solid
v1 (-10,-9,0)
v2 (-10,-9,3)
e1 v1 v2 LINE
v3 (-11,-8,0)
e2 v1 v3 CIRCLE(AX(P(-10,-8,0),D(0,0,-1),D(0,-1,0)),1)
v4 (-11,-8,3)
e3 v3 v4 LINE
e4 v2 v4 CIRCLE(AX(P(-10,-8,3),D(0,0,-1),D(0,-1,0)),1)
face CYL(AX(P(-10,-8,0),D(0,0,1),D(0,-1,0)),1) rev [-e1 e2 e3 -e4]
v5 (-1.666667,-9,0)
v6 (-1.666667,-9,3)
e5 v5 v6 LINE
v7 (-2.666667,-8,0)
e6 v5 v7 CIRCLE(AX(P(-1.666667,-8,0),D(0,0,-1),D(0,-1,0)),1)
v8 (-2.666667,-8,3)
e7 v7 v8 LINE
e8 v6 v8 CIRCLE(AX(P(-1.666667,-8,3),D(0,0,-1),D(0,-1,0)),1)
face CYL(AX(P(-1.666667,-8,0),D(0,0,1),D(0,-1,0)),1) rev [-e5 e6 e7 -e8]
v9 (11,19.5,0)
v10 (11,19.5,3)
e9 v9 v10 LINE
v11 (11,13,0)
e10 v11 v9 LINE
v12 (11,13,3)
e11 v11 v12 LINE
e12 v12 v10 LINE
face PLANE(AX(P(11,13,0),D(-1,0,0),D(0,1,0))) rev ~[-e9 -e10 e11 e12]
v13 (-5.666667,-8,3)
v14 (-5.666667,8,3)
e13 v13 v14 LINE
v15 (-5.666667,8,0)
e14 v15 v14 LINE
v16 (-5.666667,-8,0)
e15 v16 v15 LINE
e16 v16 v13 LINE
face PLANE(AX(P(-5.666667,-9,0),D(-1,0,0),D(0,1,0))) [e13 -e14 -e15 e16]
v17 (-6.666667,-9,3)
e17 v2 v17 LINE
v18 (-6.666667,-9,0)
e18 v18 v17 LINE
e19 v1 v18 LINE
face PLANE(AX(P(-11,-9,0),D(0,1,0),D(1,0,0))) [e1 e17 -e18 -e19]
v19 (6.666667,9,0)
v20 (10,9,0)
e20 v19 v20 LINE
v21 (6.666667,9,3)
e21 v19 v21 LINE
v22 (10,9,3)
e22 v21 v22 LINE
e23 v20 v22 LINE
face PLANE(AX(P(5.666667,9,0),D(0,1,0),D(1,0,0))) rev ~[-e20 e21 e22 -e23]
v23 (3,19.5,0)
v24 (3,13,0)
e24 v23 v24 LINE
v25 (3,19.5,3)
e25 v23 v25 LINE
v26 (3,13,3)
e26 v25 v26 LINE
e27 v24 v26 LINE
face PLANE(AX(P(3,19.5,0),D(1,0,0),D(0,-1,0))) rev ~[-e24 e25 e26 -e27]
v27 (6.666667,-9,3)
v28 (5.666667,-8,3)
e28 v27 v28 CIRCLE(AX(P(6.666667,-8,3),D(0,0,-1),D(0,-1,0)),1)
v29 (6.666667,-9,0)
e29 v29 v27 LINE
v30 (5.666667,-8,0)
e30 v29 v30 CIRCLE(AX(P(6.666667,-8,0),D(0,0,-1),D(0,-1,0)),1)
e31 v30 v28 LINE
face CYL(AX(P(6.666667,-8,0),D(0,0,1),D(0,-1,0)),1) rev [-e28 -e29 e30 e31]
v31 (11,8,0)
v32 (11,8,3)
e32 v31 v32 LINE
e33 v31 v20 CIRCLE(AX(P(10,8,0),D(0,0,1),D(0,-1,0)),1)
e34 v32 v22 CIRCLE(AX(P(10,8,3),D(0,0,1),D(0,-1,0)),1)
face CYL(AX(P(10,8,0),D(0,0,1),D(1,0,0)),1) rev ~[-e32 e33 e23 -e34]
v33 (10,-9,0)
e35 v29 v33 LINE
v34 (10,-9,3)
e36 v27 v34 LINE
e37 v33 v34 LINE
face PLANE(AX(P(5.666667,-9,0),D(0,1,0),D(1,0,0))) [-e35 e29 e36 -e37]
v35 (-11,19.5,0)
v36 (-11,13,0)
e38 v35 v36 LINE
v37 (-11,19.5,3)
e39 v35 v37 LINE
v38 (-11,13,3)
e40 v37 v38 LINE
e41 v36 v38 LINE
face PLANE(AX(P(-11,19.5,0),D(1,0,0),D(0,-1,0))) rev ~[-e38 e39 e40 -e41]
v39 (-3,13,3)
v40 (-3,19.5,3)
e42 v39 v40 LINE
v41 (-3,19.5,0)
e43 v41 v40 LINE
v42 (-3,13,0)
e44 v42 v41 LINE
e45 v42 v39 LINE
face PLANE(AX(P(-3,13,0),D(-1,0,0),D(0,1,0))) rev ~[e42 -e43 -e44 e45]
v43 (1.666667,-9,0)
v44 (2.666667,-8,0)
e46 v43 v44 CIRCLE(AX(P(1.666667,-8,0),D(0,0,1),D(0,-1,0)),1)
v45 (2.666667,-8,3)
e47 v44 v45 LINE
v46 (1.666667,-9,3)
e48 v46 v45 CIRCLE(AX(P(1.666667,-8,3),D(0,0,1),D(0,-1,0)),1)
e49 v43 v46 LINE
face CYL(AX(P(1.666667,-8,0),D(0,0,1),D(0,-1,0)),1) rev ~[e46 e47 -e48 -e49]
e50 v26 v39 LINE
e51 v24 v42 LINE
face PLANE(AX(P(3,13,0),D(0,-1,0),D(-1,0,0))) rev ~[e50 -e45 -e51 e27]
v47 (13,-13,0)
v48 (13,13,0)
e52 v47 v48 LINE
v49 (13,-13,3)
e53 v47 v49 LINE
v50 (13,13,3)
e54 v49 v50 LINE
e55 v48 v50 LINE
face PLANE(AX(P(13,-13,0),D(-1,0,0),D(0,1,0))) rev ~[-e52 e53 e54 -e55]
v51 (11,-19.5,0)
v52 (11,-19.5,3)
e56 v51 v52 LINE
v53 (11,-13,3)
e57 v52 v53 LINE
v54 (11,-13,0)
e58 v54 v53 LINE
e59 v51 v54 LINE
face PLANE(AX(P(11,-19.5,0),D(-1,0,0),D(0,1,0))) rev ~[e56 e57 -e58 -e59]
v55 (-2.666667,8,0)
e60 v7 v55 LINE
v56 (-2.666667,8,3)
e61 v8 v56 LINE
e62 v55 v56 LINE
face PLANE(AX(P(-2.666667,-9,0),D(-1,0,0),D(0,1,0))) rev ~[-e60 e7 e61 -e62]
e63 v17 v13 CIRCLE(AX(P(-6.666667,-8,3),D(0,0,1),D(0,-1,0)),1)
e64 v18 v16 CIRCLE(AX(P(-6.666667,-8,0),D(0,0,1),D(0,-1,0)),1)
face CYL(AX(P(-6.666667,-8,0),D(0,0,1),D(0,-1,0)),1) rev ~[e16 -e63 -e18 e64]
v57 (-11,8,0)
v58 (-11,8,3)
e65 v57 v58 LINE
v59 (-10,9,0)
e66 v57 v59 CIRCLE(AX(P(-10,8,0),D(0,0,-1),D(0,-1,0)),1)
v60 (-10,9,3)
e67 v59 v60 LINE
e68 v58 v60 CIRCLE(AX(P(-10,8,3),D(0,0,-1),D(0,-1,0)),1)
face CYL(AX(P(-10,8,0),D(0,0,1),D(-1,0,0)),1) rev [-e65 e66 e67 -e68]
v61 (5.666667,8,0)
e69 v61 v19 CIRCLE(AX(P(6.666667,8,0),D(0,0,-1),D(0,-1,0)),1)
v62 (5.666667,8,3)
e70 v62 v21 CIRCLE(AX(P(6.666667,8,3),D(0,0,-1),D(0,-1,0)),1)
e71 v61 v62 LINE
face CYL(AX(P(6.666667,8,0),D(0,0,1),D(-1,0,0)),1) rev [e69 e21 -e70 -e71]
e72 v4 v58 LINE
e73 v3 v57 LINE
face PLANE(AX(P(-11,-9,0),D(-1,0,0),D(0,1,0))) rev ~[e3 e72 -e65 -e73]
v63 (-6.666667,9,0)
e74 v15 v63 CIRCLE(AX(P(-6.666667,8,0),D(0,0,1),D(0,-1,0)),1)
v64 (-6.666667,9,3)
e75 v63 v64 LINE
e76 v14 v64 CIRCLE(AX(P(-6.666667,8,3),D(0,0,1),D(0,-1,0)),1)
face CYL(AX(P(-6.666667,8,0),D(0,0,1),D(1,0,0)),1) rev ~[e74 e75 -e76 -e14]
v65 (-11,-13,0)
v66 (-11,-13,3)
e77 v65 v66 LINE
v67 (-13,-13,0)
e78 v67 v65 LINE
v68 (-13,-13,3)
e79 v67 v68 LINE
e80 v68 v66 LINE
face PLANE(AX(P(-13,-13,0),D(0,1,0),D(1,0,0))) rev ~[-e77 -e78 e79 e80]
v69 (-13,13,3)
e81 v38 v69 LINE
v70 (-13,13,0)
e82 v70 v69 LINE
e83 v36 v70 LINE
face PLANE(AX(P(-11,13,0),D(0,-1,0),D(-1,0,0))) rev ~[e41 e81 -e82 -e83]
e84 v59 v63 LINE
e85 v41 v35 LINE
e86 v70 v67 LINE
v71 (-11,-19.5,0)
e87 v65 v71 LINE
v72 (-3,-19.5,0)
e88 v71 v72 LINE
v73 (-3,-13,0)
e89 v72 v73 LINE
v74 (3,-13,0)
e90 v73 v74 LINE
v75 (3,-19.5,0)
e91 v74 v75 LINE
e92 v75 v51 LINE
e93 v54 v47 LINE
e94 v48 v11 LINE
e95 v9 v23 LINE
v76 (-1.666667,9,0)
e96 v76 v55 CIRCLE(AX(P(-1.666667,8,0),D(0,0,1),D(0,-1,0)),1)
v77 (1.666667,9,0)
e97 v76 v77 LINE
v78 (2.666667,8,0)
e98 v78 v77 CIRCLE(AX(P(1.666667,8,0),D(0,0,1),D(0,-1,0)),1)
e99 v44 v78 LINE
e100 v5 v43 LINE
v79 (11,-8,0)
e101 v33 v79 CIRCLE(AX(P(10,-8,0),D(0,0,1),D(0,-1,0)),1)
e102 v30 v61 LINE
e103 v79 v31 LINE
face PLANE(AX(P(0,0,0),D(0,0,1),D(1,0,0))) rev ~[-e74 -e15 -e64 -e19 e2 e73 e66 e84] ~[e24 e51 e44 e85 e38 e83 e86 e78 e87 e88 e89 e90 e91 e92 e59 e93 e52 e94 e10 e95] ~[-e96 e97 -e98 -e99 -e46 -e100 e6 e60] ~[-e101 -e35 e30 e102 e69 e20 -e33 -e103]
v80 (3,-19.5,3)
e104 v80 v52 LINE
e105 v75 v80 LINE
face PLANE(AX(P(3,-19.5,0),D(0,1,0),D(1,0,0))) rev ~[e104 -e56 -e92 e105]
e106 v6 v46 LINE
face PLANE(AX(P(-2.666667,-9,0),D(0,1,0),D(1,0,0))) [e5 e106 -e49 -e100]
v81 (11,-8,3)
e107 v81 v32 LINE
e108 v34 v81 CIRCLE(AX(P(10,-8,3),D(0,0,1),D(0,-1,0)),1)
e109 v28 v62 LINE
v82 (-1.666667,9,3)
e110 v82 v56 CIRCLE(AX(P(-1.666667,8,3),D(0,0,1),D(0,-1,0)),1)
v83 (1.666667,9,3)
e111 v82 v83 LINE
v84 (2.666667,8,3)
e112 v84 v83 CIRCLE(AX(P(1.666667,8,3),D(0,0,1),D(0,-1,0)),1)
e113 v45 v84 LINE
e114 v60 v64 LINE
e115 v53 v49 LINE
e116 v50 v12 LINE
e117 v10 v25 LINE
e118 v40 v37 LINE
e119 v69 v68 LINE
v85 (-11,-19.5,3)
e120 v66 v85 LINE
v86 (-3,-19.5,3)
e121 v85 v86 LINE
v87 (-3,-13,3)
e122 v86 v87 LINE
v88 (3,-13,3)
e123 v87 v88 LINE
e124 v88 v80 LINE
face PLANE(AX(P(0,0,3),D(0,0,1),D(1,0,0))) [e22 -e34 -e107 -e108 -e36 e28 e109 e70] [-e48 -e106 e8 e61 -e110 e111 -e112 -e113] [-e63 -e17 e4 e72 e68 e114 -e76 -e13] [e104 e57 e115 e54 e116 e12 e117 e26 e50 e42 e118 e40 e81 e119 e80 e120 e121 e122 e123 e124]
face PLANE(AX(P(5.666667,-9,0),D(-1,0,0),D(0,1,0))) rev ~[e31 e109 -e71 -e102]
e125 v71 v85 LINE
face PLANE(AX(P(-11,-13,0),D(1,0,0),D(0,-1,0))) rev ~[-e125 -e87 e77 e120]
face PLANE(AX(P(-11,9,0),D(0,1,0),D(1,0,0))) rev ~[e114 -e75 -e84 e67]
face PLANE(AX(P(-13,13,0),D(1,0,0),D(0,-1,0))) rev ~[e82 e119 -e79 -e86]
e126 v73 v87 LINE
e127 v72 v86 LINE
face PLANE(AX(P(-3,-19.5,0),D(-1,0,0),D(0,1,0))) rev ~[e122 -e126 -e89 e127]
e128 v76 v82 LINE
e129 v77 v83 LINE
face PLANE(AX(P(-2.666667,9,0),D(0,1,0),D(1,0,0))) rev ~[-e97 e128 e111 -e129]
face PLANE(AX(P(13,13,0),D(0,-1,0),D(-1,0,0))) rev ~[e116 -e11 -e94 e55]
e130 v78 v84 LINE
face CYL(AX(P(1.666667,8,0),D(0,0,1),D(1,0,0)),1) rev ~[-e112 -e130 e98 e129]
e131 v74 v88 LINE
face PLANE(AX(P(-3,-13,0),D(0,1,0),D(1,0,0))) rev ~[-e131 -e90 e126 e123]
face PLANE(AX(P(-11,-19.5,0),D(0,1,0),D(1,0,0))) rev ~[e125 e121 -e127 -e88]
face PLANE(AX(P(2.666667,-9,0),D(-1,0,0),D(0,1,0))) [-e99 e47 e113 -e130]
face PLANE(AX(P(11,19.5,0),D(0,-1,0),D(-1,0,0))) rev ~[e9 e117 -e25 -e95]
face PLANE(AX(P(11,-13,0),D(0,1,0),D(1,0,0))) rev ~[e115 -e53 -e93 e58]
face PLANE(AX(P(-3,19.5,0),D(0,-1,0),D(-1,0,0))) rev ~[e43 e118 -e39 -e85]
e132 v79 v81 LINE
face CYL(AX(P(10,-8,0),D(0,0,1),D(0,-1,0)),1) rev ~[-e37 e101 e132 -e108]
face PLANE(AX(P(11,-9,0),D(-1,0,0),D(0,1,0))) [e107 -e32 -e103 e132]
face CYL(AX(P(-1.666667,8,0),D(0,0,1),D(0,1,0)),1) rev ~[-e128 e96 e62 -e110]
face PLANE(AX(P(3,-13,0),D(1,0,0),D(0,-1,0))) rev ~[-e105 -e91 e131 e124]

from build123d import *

# Parameters (mm, degrees)
SKETCH_1_W      = 5.333333333
SKETCH_1_H      = 18
SKETCH_1_W_2    = 5.333333334
EXTRUDE_1_DEPTH = 3
FILLET_2_R      = 1


with BuildPart() as part:
    # 草图1 → 凸台-拉伸1 (new body)
    with BuildSketch(Plane.XY):
        Polygon((-11, 19.5), (-11, 13), (-13, 13), (-13, -13), (-11, -13), (-11, -19.5), (-3, -19.5), (-3, -13), (3, -13), (3, -19.5), (11, -19.5), (11, -13), (13, -13), (13, 13), (11, 13), (11, 19.5), (3, 19.5), (3, 13), (-3, 13), (-3, 19.5), align=None)
        with Locations((8.333333334, 0)):
            Rectangle(SKETCH_1_W, SKETCH_1_H, mode=Mode.SUBTRACT)
        with Locations((-8.333333334, 0)):
            Rectangle(SKETCH_1_W, SKETCH_1_H, mode=Mode.SUBTRACT)
        Rectangle(SKETCH_1_W_2, SKETCH_1_H, mode=Mode.SUBTRACT)
    extrude(amount=EXTRUDE_1_DEPTH)

    # 圆角2
    fillet_2_edges = [part.edges().sort_by_distance(p)[0] for p in [
        (5.666666667, 9, 1.5),
        (5.666666667, -9, 1.5),
        (11, -9, 1.5),
        (11, 9, 1.5),
        (-11, 9, 1.5),
        (-11, -9, 1.5),
        (-5.666666667, -9, 1.5),
        (-5.666666667, 9, 1.5),
        (-2.666666667, 9, 1.5),
        (-2.666666667, -9, 1.5),
        (2.666666667, -9, 1.5),
        (2.666666667, 9, 1.5),
    ]]
    fillet(fillet_2_edges, radius=FILLET_2_R)


solid = part.part
